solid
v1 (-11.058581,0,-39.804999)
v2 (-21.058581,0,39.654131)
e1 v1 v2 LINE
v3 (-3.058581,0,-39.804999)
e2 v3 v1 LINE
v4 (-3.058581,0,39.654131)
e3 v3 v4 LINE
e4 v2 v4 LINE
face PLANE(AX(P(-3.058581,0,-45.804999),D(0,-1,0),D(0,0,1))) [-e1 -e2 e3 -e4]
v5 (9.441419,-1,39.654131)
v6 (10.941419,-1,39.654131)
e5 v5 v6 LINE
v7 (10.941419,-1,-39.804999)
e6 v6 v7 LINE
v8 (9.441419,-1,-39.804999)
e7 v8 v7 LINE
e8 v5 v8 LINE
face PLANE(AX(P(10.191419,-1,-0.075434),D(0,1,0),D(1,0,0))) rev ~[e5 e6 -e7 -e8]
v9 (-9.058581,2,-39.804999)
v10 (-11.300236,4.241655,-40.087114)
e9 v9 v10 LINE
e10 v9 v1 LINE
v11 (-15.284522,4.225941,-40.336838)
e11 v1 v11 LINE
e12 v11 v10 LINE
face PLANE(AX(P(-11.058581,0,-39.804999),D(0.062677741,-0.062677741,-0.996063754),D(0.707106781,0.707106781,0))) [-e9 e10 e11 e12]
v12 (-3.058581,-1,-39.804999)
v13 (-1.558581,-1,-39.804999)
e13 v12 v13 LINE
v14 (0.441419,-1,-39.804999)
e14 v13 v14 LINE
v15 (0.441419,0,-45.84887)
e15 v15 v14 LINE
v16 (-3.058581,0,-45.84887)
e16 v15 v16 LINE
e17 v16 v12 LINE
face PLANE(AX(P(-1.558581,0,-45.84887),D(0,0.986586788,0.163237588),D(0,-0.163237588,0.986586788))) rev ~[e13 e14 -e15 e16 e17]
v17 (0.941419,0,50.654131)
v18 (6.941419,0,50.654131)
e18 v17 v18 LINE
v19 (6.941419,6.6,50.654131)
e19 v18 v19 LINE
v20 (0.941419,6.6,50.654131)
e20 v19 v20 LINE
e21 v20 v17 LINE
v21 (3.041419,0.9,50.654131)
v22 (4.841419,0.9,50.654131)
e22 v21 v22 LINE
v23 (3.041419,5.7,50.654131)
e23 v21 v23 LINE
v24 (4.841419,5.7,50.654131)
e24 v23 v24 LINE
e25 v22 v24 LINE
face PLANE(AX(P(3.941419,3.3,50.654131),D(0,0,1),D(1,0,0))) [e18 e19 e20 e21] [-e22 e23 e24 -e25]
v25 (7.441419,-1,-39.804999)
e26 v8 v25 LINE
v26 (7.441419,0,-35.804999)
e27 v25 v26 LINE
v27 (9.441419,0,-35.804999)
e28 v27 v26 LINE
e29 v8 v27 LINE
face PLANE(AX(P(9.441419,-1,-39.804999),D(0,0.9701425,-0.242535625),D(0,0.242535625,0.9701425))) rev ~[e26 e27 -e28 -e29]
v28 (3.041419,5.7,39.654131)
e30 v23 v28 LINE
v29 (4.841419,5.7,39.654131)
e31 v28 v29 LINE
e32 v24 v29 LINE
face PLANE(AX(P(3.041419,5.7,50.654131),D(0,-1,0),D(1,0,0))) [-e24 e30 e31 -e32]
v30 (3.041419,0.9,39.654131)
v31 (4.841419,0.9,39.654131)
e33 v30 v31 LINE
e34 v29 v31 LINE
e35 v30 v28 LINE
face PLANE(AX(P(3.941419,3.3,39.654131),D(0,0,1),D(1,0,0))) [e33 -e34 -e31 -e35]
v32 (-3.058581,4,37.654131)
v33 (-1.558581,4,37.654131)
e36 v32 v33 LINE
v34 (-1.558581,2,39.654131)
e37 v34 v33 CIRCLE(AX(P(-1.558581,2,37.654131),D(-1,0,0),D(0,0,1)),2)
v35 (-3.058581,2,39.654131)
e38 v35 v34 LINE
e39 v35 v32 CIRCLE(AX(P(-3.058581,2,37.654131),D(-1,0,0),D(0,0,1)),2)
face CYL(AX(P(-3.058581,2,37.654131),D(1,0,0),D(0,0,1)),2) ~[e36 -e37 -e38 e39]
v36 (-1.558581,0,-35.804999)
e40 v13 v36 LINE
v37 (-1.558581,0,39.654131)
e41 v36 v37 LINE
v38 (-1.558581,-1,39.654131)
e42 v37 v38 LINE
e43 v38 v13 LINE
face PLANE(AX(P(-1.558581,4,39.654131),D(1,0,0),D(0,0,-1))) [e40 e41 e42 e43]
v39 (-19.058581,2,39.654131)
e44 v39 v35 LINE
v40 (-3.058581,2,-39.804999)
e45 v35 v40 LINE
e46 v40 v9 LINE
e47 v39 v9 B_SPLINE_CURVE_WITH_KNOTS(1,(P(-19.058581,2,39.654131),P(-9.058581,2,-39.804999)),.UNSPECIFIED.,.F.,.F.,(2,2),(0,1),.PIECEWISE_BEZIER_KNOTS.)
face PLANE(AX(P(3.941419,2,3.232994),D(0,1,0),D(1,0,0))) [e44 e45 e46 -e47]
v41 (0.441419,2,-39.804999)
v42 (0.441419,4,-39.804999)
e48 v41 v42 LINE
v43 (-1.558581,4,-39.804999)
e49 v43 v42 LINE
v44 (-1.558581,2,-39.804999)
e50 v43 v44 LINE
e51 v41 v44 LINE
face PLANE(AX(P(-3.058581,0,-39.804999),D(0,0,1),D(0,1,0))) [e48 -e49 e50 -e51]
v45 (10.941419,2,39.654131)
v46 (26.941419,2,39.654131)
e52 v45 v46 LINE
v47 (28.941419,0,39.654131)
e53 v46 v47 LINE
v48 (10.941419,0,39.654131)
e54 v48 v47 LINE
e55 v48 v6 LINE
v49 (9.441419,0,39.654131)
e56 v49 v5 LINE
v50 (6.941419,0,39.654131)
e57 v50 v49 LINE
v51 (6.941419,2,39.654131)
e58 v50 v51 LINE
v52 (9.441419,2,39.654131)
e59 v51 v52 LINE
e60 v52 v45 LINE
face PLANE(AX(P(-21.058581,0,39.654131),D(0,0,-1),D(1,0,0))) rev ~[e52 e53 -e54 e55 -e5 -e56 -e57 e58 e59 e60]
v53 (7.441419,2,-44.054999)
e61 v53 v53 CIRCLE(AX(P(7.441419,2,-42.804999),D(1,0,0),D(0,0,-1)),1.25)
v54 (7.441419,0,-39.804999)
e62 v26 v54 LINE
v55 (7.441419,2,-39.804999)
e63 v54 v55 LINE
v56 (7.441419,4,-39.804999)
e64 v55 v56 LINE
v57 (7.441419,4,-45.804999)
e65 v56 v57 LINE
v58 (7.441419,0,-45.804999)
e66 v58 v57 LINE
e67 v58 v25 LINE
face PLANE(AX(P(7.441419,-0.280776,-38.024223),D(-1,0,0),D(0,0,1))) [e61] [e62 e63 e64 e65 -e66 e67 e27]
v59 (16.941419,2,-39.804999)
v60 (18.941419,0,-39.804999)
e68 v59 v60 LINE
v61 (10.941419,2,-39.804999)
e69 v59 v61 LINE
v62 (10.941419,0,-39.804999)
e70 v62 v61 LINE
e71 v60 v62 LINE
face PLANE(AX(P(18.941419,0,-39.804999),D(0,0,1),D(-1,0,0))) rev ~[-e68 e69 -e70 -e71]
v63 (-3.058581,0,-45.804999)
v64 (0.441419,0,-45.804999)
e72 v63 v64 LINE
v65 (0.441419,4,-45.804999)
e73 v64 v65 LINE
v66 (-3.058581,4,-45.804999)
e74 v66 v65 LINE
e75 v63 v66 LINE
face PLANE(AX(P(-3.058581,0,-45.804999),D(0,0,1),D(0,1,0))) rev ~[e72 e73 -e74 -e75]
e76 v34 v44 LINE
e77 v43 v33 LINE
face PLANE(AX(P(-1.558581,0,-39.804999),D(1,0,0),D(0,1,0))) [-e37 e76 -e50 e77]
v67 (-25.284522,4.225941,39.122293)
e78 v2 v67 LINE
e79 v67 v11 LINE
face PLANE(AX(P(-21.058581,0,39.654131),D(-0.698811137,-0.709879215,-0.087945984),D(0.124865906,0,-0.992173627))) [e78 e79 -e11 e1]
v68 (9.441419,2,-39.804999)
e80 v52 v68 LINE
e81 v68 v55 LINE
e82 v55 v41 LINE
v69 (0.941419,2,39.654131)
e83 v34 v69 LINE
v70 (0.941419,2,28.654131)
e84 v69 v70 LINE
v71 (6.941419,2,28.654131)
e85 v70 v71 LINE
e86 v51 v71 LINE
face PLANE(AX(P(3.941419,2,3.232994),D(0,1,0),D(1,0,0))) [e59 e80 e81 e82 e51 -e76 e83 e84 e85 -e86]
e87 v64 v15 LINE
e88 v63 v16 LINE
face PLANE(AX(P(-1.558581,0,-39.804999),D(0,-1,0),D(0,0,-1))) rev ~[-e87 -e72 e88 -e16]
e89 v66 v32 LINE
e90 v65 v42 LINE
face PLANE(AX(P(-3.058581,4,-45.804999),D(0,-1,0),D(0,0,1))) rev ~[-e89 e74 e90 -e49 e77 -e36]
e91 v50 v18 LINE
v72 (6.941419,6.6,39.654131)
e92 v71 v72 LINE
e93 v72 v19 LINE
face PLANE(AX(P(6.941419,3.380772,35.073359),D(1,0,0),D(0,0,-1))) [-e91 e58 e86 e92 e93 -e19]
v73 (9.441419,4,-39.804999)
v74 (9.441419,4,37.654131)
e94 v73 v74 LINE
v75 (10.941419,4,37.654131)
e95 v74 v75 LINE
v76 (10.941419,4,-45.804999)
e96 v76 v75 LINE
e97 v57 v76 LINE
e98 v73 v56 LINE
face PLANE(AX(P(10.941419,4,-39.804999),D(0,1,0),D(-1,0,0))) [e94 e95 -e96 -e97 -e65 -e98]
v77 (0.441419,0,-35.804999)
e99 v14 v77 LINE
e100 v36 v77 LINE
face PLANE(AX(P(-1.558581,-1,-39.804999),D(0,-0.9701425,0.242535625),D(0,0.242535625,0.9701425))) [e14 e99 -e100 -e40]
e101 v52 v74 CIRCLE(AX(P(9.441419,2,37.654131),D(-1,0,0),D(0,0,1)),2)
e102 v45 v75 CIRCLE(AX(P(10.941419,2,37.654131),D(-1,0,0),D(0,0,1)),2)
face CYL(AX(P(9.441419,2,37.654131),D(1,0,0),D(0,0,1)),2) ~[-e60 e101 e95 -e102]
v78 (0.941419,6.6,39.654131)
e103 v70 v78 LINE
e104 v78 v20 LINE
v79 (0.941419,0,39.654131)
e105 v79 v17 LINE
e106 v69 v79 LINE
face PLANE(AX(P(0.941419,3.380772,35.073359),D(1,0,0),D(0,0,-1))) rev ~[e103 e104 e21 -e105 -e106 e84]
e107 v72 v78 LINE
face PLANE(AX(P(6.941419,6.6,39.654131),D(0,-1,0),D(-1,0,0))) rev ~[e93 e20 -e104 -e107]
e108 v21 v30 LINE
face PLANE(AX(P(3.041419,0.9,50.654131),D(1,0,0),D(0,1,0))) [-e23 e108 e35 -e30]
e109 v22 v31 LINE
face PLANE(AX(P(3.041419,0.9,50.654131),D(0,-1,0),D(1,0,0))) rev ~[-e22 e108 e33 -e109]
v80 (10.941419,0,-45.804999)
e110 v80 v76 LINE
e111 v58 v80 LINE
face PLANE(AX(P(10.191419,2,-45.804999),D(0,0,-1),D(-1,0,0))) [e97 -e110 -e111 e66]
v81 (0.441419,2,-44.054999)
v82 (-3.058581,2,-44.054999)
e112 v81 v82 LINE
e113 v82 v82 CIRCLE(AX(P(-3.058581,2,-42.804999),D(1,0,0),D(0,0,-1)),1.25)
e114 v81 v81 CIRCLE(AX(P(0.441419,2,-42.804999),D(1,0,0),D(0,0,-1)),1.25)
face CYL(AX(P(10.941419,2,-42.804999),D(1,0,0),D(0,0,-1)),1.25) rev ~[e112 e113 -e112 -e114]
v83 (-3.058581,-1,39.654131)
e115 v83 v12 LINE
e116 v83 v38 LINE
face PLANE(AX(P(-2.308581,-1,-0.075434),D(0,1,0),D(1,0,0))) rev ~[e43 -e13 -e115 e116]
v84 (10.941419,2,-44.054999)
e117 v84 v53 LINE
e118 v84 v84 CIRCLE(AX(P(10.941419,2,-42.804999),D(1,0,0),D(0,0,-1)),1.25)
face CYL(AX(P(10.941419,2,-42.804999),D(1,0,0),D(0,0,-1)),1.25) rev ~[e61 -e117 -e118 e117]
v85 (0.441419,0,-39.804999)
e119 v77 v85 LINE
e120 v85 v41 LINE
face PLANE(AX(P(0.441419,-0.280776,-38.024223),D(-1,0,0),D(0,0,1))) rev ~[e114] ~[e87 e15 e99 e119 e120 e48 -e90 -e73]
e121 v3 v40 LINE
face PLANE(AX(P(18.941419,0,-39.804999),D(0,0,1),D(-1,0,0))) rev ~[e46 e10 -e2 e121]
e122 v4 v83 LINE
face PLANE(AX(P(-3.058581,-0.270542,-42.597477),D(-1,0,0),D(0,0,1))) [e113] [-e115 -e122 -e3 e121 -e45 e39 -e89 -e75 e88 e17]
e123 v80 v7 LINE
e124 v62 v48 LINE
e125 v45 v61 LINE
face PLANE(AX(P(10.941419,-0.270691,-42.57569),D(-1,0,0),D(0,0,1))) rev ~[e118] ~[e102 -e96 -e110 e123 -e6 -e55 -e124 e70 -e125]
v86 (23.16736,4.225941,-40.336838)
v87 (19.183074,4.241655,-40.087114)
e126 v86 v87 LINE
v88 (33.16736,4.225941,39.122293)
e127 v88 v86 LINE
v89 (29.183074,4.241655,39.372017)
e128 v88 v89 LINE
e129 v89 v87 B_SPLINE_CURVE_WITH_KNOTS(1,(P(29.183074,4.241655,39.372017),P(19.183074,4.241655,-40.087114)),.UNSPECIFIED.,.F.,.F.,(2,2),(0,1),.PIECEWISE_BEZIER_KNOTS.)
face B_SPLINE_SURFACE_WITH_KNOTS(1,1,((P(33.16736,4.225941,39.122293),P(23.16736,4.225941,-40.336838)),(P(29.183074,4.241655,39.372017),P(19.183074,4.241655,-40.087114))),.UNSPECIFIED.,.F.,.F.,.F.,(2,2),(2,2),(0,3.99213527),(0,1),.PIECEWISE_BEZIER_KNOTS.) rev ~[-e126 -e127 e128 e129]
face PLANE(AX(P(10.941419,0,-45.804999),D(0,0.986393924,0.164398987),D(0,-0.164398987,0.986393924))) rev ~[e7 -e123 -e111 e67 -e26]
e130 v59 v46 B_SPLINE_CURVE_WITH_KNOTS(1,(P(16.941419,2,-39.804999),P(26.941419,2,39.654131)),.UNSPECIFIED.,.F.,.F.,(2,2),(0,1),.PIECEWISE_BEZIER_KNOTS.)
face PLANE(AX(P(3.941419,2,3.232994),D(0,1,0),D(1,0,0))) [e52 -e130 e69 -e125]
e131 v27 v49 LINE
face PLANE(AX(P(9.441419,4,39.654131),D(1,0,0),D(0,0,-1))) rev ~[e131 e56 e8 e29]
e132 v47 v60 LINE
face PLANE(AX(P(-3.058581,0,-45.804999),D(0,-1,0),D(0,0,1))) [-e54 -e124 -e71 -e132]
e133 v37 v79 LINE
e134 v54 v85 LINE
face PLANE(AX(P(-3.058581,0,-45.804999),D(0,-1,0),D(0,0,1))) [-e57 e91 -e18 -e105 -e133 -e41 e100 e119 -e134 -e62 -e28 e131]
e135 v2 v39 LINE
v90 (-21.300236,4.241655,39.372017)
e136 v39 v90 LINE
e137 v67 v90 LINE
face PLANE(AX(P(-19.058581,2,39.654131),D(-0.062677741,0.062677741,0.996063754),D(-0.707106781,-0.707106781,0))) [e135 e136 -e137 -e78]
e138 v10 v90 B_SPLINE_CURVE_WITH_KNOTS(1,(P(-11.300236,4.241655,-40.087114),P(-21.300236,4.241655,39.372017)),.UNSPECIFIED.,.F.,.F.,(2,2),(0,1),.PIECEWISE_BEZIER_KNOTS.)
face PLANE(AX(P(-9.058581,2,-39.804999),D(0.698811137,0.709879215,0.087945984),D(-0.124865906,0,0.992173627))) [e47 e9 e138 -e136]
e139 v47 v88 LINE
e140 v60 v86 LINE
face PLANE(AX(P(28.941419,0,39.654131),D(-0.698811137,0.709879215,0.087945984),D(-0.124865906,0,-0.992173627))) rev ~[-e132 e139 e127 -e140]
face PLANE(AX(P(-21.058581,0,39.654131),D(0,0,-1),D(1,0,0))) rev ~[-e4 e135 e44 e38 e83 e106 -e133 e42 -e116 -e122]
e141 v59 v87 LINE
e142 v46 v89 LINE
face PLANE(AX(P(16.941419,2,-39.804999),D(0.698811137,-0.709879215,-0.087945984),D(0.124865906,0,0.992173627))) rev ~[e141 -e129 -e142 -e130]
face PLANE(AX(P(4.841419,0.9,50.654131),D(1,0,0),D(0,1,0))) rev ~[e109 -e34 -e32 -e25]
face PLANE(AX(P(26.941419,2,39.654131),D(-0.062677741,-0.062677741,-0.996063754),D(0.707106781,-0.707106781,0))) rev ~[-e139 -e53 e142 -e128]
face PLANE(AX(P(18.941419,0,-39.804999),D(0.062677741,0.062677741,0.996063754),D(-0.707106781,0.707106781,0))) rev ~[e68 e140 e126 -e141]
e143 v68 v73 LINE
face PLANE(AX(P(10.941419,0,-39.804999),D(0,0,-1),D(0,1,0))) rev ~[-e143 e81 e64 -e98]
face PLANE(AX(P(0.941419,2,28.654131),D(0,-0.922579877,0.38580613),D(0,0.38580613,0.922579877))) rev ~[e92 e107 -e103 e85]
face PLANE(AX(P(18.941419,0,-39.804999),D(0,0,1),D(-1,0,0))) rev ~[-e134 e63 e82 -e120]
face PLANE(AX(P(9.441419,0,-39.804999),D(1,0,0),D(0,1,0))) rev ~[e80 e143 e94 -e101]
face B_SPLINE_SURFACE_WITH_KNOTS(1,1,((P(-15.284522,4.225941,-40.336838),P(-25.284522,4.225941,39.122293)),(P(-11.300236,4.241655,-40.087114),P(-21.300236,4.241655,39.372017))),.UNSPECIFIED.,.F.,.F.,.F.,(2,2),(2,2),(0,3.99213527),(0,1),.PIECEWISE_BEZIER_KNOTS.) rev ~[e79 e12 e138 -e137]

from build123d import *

# Parameters (mm, degrees)
BOSS_EXTRUDE1_DEPTH       = 2
BOSS_EXTRUDE2_DEPTH       = 6
BOSS_EXTRUDE3_DEPTH       = 6
SKETCH14_W                = 1.5
SKETCH14_H                = 79.45913029
BOSS_EXTRUDE4_DEPTH       = 2
BOSS_EXTRUDE5_DEPTH       = 11
SKETCH19_W                = 1.8
SKETCH19_H                = 4.8
CUT_EXTRUDE2_DEPTH        = 11
BOSS_EXTRUDE7_DEPTH       = 6
SKETCH21_W                = 1.5
SKETCH21_H                = 4
BOSS_EXTRUDE8_DEPTH       = 6
SKETCH24_W                = 6
SKETCH24_H                = 4
BOSS_EXTRUDE9_DEPTH       = 3.5
SKETCH25_W                = 6
SKETCH25_H                = 4
BOSS_EXTRUDE10_DEPTH      = 3.5
SKETCH22_R                = 1.25
CUT_EXTRUDE3_DEPTH        = 23.5
SKETCH27_W                = 1.5
SKETCH27_H                = 79.45913029
BOSS_EXTRUDE11_DEPTH      = 5
BOSS_EXTRUDE12_DEPTH      = 2
BOSS_EXTRUDE12_DEPTH_BACK = 1.5
BOSS_EXTRUDE13_DEPTH      = 3.5
BOSS_EXTRUDE14_DEPTH      = 2
BOSS_EXTRUDE15_DEPTH      = 2
FILLET2_R                 = 2


with BuildPart() as part:
    # Sketch1 → Boss-Extrude1 (new body)
    with BuildSketch(Plane(origin=(0, 0, 0), x_dir=(1, 0, 0), z_dir=(0, 1, 0))):
        Polygon((-21.058581006, -39.654130901), (28.941418994, -39.654130901), (18.941418994, 39.804999389), (-11.058581006, 39.804999389), align=None)
    extrude(amount=BOSS_EXTRUDE1_DEPTH)

    # Sketch2 → Cut-Loft1 section 0
    with BuildSketch(Plane.XY.offset(39.654130901)):
        Polygon((-21.058581006, 2), (-21.058581006, 0), (-19.058581006, 2), align=None)
    # Sketch3 → Cut-Loft1 section 1
    with BuildSketch(Plane(origin=(0, 0, -39.804999389), x_dir=(-1, 0, 0), z_dir=(0, 0, -1))):
        Polygon((11.058581006, 0), (11.058581006, 2), (9.058581006, 2), align=None)
    loft(mode=Mode.SUBTRACT)

    # Sketch5 → Cut-Loft2 section 0
    with BuildSketch(Plane(origin=(0, 0, -39.804999389), x_dir=(-1, 0, 0), z_dir=(0, 0, -1))):
        Polygon((-18.941418994, 0), (-18.941418994, 2), (-16.941418994, 2), align=None)
    # Sketch4 → Cut-Loft2 section 1
    with BuildSketch(Plane.XY.offset(39.654130901)):
        Polygon((28.941418994, 0), (28.941418994, 2), (26.941418994, 2), align=None)
    loft(mode=Mode.SUBTRACT)

    # Sketch6 → Boss-Extrude2 (add)
    with BuildSketch(Plane(origin=(11.881365089, 11.881365089, -1.495280032), x_dir=(-0.062677741, -0.062677741, -0.996063754), z_dir=(0.704323435, 0.704323435, -0.088639711))):
        Polygon((-41.312025236, -20.464673628), (38.461111762, -13.393605816), (38.461111762, -10.565178691), (-41.312025236, -17.636246503), align=None)
    extrude(amount=BOSS_EXTRUDE2_DEPTH)

    # Sketch7 → Boss-Extrude3 (add)
    with BuildSketch(Plane(origin=(-7.970913818, 7.970913818, -1.003146371), x_dir=(-0.062677741, 0.062677741, 0.996063754), z_dir=(-0.704323435, 0.704323435, -0.088639711))):
        Polygon((-38.955190238, -4.991170495), (40.81794676, -12.062238307), (40.81794676, -14.890665432), (-38.955190238, -7.81959762), align=None)
    extrude(amount=BOSS_EXTRUDE3_DEPTH)

    # Sketch9 → Cut-Loft3 section 0
    with BuildSketch(Plane(origin=(2.441623315, -2.441623315, -38.801853018), x_dir=(-0.998033817, -0.003936239, -0.062554018), z_dir=(0.062677741, -0.062677741, -0.996063754))):
        Polygon((17.761066429, 6.750801427), (13.768931159, 6.750801427), (15.757126317, 8.746853538), align=None)
    # Sketch8 → Cut-Loft3 section 1
    with BuildSketch(Plane(origin=(-2.558376685, 2.558376685, 40.657277272), x_dir=(0.998033817, 0.003936239, 0.062554018), z_dir=(-0.062677741, 0.062677741, 0.996063754))):
        Polygon((-22.770916709, 1.760671151), (-18.778781439, 1.760671151), (-20.766976597, 3.756723262), align=None)
    loft(mode=Mode.SUBTRACT)

    # Sketch13 → Cut-Loft4 section 0
    with BuildSketch(Plane(origin=(2.589344408, 2.589344408, 41.149410933), x_dir=(0.998033817, -0.003936239, -0.062554018), z_dir=(0.062677741, 0.062677741, 0.996063754))):
        Polygon((30.638255597, 1.760671151), (26.646120328, 1.760671151), (28.634315485, 3.756723262), align=None)
    # Sketch12 → Cut-Loft4 section 1
    with BuildSketch(Plane(origin=(-2.410655592, -2.410655592, -38.309719357), x_dir=(-0.998033817, 0.003936239, 0.062554018), z_dir=(-0.062677741, -0.062677741, -0.996063754))):
        Polygon((-25.628405317, 6.750801427), (-21.636270047, 6.750801427), (-23.624465205, 8.746853538), align=None)
    loft(mode=Mode.SUBTRACT)

    # Sketch14 → Boss-Extrude4 (add)
    with BuildSketch(Plane(origin=(0, 2, 0), x_dir=(1, 0, 0), z_dir=(0, 1, 0))):
        with Locations((10.191418994, 0.075434244)):
            Rectangle(SKETCH14_W, SKETCH14_H)
        with Locations((-2.308581006, 0.075434244)):
            Rectangle(SKETCH14_W, SKETCH14_H)
    extrude(amount=BOSS_EXTRUDE4_DEPTH)

    # Sketch15 → Boss-Extrude5 (add)
    with BuildSketch(Plane.XY.offset(39.654130901)):
        Polygon((3.941418994, 0), (6.941418994, 0), (6.941418994, 6.6), (0.941418994, 6.6), (0.941418994, 0), align=None)
    extrude(amount=BOSS_EXTRUDE5_DEPTH)

    # Sketch19 → Cut-Extrude2 (cut)
    with BuildSketch(Plane.XY.offset(50.654130901)):
        with Locations((3.941418994, 3.3)):
            Rectangle(SKETCH19_W, SKETCH19_H)
    extrude(amount=-CUT_EXTRUDE2_DEPTH, mode=Mode.SUBTRACT)

    # Sketch20 → Boss-Extrude7 (add)
    with BuildSketch(Plane.ZY.offset(-0.941418994)):
        Polygon((39.654130901, 2), (28.654130901, 2), (39.654130901, 6.6), align=None)
    extrude(amount=-BOSS_EXTRUDE7_DEPTH)

    # Sketch21 → Boss-Extrude8 (add)
    with BuildSketch(Plane(origin=(0, 0, -39.804999389), x_dir=(-1, 0, 0), z_dir=(0, 0, -1))):
        with Locations((-10.191418994, 2)):
            Rectangle(SKETCH21_W, SKETCH21_H)
        with Locations((2.308581006, 2)):
            Rectangle(SKETCH21_W, SKETCH21_H)
    extrude(amount=BOSS_EXTRUDE8_DEPTH)

    # Sketch24 → Boss-Extrude9 (add)
    with BuildSketch(Plane.ZY.offset(3.058581006)):
        with Locations((-42.804999389, 2)):
            Rectangle(SKETCH24_W, SKETCH24_H)
    extrude(amount=-BOSS_EXTRUDE9_DEPTH)

    # Sketch25 → Boss-Extrude10 (add)
    with BuildSketch(Plane(origin=(10.941418994, 0, 0), x_dir=(0, 0, -1), z_dir=(1, 0, 0))):
        with Locations((42.804999389, 2)):
            Rectangle(SKETCH25_W, SKETCH25_H)
    extrude(amount=-BOSS_EXTRUDE10_DEPTH)

    # Sketch22 → Cut-Extrude3 (cut)
    with BuildSketch(Plane(origin=(10.941418994, 0, 0), x_dir=(0, 0, -1), z_dir=(1, 0, 0))):
        with Locations((42.804999389, 2)):
            Circle(SKETCH22_R)
    extrude(amount=-CUT_EXTRUDE3_DEPTH, mode=Mode.SUBTRACT)

    # Sketch27 → Boss-Extrude11 (add)
    with BuildSketch(Plane(origin=(0, 4, 0), x_dir=(1, 0, 0), z_dir=(0, 1, 0))):
        with Locations((-2.308581006, 0.075434244)):
            Rectangle(SKETCH27_W, SKETCH27_H)
        with Locations((10.191418994, 0.075434244)):
            Rectangle(SKETCH27_W, SKETCH27_H)
    extrude(amount=-BOSS_EXTRUDE11_DEPTH)

    # Sketch28 → Boss-Extrude12 (add, two sides)
    with BuildSketch(Plane(origin=(-1.558581006, 0, 0), x_dir=(0, 0, -1), z_dir=(1, 0, 0))) as boss_extrude12_sk:
        Polygon((39.804999389, -1), (39.804999389, 0), (45.848869538, 0), align=None)
    extrude(amount=BOSS_EXTRUDE12_DEPTH)
    extrude(boss_extrude12_sk.sketch, amount=-BOSS_EXTRUDE12_DEPTH_BACK)

    # Sketch29 → Boss-Extrude13 (add)
    with BuildSketch(Plane(origin=(10.941418994, 0, 0), x_dir=(0, 0, -1), z_dir=(1, 0, 0))):
        Polygon((39.804999389, 0), (45.804999389, 0), (39.804999389, -1), align=None)
    extrude(amount=-BOSS_EXTRUDE13_DEPTH)

    # Sketch31 → Boss-Extrude14 (add)
    with BuildSketch(Plane(origin=(-1.558581006, 0, 0), x_dir=(0, 0, -1), z_dir=(1, 0, 0))):
        Polygon((39.804999389, -1), (35.804999389, 0), (39.804999389, 0), align=None)
    extrude(amount=BOSS_EXTRUDE14_DEPTH)

    # Sketch32 → Boss-Extrude15 (add)
    with BuildSketch(Plane.ZY.offset(-9.441418994)):
        Polygon((-39.804999389, 0), (-39.804999389, -1), (-35.804999389, 0), align=None)
    extrude(amount=BOSS_EXTRUDE15_DEPTH)

    # Fillet2
    fillet2_edges = [part.edges().sort_by_distance(p)[0] for p in [
        (10.191418994, 4, 39.654130901),
        (-2.308581006, 4, 39.654130901),
    ]]
    fillet(fillet2_edges, radius=FILLET2_R)


solid = part.part
